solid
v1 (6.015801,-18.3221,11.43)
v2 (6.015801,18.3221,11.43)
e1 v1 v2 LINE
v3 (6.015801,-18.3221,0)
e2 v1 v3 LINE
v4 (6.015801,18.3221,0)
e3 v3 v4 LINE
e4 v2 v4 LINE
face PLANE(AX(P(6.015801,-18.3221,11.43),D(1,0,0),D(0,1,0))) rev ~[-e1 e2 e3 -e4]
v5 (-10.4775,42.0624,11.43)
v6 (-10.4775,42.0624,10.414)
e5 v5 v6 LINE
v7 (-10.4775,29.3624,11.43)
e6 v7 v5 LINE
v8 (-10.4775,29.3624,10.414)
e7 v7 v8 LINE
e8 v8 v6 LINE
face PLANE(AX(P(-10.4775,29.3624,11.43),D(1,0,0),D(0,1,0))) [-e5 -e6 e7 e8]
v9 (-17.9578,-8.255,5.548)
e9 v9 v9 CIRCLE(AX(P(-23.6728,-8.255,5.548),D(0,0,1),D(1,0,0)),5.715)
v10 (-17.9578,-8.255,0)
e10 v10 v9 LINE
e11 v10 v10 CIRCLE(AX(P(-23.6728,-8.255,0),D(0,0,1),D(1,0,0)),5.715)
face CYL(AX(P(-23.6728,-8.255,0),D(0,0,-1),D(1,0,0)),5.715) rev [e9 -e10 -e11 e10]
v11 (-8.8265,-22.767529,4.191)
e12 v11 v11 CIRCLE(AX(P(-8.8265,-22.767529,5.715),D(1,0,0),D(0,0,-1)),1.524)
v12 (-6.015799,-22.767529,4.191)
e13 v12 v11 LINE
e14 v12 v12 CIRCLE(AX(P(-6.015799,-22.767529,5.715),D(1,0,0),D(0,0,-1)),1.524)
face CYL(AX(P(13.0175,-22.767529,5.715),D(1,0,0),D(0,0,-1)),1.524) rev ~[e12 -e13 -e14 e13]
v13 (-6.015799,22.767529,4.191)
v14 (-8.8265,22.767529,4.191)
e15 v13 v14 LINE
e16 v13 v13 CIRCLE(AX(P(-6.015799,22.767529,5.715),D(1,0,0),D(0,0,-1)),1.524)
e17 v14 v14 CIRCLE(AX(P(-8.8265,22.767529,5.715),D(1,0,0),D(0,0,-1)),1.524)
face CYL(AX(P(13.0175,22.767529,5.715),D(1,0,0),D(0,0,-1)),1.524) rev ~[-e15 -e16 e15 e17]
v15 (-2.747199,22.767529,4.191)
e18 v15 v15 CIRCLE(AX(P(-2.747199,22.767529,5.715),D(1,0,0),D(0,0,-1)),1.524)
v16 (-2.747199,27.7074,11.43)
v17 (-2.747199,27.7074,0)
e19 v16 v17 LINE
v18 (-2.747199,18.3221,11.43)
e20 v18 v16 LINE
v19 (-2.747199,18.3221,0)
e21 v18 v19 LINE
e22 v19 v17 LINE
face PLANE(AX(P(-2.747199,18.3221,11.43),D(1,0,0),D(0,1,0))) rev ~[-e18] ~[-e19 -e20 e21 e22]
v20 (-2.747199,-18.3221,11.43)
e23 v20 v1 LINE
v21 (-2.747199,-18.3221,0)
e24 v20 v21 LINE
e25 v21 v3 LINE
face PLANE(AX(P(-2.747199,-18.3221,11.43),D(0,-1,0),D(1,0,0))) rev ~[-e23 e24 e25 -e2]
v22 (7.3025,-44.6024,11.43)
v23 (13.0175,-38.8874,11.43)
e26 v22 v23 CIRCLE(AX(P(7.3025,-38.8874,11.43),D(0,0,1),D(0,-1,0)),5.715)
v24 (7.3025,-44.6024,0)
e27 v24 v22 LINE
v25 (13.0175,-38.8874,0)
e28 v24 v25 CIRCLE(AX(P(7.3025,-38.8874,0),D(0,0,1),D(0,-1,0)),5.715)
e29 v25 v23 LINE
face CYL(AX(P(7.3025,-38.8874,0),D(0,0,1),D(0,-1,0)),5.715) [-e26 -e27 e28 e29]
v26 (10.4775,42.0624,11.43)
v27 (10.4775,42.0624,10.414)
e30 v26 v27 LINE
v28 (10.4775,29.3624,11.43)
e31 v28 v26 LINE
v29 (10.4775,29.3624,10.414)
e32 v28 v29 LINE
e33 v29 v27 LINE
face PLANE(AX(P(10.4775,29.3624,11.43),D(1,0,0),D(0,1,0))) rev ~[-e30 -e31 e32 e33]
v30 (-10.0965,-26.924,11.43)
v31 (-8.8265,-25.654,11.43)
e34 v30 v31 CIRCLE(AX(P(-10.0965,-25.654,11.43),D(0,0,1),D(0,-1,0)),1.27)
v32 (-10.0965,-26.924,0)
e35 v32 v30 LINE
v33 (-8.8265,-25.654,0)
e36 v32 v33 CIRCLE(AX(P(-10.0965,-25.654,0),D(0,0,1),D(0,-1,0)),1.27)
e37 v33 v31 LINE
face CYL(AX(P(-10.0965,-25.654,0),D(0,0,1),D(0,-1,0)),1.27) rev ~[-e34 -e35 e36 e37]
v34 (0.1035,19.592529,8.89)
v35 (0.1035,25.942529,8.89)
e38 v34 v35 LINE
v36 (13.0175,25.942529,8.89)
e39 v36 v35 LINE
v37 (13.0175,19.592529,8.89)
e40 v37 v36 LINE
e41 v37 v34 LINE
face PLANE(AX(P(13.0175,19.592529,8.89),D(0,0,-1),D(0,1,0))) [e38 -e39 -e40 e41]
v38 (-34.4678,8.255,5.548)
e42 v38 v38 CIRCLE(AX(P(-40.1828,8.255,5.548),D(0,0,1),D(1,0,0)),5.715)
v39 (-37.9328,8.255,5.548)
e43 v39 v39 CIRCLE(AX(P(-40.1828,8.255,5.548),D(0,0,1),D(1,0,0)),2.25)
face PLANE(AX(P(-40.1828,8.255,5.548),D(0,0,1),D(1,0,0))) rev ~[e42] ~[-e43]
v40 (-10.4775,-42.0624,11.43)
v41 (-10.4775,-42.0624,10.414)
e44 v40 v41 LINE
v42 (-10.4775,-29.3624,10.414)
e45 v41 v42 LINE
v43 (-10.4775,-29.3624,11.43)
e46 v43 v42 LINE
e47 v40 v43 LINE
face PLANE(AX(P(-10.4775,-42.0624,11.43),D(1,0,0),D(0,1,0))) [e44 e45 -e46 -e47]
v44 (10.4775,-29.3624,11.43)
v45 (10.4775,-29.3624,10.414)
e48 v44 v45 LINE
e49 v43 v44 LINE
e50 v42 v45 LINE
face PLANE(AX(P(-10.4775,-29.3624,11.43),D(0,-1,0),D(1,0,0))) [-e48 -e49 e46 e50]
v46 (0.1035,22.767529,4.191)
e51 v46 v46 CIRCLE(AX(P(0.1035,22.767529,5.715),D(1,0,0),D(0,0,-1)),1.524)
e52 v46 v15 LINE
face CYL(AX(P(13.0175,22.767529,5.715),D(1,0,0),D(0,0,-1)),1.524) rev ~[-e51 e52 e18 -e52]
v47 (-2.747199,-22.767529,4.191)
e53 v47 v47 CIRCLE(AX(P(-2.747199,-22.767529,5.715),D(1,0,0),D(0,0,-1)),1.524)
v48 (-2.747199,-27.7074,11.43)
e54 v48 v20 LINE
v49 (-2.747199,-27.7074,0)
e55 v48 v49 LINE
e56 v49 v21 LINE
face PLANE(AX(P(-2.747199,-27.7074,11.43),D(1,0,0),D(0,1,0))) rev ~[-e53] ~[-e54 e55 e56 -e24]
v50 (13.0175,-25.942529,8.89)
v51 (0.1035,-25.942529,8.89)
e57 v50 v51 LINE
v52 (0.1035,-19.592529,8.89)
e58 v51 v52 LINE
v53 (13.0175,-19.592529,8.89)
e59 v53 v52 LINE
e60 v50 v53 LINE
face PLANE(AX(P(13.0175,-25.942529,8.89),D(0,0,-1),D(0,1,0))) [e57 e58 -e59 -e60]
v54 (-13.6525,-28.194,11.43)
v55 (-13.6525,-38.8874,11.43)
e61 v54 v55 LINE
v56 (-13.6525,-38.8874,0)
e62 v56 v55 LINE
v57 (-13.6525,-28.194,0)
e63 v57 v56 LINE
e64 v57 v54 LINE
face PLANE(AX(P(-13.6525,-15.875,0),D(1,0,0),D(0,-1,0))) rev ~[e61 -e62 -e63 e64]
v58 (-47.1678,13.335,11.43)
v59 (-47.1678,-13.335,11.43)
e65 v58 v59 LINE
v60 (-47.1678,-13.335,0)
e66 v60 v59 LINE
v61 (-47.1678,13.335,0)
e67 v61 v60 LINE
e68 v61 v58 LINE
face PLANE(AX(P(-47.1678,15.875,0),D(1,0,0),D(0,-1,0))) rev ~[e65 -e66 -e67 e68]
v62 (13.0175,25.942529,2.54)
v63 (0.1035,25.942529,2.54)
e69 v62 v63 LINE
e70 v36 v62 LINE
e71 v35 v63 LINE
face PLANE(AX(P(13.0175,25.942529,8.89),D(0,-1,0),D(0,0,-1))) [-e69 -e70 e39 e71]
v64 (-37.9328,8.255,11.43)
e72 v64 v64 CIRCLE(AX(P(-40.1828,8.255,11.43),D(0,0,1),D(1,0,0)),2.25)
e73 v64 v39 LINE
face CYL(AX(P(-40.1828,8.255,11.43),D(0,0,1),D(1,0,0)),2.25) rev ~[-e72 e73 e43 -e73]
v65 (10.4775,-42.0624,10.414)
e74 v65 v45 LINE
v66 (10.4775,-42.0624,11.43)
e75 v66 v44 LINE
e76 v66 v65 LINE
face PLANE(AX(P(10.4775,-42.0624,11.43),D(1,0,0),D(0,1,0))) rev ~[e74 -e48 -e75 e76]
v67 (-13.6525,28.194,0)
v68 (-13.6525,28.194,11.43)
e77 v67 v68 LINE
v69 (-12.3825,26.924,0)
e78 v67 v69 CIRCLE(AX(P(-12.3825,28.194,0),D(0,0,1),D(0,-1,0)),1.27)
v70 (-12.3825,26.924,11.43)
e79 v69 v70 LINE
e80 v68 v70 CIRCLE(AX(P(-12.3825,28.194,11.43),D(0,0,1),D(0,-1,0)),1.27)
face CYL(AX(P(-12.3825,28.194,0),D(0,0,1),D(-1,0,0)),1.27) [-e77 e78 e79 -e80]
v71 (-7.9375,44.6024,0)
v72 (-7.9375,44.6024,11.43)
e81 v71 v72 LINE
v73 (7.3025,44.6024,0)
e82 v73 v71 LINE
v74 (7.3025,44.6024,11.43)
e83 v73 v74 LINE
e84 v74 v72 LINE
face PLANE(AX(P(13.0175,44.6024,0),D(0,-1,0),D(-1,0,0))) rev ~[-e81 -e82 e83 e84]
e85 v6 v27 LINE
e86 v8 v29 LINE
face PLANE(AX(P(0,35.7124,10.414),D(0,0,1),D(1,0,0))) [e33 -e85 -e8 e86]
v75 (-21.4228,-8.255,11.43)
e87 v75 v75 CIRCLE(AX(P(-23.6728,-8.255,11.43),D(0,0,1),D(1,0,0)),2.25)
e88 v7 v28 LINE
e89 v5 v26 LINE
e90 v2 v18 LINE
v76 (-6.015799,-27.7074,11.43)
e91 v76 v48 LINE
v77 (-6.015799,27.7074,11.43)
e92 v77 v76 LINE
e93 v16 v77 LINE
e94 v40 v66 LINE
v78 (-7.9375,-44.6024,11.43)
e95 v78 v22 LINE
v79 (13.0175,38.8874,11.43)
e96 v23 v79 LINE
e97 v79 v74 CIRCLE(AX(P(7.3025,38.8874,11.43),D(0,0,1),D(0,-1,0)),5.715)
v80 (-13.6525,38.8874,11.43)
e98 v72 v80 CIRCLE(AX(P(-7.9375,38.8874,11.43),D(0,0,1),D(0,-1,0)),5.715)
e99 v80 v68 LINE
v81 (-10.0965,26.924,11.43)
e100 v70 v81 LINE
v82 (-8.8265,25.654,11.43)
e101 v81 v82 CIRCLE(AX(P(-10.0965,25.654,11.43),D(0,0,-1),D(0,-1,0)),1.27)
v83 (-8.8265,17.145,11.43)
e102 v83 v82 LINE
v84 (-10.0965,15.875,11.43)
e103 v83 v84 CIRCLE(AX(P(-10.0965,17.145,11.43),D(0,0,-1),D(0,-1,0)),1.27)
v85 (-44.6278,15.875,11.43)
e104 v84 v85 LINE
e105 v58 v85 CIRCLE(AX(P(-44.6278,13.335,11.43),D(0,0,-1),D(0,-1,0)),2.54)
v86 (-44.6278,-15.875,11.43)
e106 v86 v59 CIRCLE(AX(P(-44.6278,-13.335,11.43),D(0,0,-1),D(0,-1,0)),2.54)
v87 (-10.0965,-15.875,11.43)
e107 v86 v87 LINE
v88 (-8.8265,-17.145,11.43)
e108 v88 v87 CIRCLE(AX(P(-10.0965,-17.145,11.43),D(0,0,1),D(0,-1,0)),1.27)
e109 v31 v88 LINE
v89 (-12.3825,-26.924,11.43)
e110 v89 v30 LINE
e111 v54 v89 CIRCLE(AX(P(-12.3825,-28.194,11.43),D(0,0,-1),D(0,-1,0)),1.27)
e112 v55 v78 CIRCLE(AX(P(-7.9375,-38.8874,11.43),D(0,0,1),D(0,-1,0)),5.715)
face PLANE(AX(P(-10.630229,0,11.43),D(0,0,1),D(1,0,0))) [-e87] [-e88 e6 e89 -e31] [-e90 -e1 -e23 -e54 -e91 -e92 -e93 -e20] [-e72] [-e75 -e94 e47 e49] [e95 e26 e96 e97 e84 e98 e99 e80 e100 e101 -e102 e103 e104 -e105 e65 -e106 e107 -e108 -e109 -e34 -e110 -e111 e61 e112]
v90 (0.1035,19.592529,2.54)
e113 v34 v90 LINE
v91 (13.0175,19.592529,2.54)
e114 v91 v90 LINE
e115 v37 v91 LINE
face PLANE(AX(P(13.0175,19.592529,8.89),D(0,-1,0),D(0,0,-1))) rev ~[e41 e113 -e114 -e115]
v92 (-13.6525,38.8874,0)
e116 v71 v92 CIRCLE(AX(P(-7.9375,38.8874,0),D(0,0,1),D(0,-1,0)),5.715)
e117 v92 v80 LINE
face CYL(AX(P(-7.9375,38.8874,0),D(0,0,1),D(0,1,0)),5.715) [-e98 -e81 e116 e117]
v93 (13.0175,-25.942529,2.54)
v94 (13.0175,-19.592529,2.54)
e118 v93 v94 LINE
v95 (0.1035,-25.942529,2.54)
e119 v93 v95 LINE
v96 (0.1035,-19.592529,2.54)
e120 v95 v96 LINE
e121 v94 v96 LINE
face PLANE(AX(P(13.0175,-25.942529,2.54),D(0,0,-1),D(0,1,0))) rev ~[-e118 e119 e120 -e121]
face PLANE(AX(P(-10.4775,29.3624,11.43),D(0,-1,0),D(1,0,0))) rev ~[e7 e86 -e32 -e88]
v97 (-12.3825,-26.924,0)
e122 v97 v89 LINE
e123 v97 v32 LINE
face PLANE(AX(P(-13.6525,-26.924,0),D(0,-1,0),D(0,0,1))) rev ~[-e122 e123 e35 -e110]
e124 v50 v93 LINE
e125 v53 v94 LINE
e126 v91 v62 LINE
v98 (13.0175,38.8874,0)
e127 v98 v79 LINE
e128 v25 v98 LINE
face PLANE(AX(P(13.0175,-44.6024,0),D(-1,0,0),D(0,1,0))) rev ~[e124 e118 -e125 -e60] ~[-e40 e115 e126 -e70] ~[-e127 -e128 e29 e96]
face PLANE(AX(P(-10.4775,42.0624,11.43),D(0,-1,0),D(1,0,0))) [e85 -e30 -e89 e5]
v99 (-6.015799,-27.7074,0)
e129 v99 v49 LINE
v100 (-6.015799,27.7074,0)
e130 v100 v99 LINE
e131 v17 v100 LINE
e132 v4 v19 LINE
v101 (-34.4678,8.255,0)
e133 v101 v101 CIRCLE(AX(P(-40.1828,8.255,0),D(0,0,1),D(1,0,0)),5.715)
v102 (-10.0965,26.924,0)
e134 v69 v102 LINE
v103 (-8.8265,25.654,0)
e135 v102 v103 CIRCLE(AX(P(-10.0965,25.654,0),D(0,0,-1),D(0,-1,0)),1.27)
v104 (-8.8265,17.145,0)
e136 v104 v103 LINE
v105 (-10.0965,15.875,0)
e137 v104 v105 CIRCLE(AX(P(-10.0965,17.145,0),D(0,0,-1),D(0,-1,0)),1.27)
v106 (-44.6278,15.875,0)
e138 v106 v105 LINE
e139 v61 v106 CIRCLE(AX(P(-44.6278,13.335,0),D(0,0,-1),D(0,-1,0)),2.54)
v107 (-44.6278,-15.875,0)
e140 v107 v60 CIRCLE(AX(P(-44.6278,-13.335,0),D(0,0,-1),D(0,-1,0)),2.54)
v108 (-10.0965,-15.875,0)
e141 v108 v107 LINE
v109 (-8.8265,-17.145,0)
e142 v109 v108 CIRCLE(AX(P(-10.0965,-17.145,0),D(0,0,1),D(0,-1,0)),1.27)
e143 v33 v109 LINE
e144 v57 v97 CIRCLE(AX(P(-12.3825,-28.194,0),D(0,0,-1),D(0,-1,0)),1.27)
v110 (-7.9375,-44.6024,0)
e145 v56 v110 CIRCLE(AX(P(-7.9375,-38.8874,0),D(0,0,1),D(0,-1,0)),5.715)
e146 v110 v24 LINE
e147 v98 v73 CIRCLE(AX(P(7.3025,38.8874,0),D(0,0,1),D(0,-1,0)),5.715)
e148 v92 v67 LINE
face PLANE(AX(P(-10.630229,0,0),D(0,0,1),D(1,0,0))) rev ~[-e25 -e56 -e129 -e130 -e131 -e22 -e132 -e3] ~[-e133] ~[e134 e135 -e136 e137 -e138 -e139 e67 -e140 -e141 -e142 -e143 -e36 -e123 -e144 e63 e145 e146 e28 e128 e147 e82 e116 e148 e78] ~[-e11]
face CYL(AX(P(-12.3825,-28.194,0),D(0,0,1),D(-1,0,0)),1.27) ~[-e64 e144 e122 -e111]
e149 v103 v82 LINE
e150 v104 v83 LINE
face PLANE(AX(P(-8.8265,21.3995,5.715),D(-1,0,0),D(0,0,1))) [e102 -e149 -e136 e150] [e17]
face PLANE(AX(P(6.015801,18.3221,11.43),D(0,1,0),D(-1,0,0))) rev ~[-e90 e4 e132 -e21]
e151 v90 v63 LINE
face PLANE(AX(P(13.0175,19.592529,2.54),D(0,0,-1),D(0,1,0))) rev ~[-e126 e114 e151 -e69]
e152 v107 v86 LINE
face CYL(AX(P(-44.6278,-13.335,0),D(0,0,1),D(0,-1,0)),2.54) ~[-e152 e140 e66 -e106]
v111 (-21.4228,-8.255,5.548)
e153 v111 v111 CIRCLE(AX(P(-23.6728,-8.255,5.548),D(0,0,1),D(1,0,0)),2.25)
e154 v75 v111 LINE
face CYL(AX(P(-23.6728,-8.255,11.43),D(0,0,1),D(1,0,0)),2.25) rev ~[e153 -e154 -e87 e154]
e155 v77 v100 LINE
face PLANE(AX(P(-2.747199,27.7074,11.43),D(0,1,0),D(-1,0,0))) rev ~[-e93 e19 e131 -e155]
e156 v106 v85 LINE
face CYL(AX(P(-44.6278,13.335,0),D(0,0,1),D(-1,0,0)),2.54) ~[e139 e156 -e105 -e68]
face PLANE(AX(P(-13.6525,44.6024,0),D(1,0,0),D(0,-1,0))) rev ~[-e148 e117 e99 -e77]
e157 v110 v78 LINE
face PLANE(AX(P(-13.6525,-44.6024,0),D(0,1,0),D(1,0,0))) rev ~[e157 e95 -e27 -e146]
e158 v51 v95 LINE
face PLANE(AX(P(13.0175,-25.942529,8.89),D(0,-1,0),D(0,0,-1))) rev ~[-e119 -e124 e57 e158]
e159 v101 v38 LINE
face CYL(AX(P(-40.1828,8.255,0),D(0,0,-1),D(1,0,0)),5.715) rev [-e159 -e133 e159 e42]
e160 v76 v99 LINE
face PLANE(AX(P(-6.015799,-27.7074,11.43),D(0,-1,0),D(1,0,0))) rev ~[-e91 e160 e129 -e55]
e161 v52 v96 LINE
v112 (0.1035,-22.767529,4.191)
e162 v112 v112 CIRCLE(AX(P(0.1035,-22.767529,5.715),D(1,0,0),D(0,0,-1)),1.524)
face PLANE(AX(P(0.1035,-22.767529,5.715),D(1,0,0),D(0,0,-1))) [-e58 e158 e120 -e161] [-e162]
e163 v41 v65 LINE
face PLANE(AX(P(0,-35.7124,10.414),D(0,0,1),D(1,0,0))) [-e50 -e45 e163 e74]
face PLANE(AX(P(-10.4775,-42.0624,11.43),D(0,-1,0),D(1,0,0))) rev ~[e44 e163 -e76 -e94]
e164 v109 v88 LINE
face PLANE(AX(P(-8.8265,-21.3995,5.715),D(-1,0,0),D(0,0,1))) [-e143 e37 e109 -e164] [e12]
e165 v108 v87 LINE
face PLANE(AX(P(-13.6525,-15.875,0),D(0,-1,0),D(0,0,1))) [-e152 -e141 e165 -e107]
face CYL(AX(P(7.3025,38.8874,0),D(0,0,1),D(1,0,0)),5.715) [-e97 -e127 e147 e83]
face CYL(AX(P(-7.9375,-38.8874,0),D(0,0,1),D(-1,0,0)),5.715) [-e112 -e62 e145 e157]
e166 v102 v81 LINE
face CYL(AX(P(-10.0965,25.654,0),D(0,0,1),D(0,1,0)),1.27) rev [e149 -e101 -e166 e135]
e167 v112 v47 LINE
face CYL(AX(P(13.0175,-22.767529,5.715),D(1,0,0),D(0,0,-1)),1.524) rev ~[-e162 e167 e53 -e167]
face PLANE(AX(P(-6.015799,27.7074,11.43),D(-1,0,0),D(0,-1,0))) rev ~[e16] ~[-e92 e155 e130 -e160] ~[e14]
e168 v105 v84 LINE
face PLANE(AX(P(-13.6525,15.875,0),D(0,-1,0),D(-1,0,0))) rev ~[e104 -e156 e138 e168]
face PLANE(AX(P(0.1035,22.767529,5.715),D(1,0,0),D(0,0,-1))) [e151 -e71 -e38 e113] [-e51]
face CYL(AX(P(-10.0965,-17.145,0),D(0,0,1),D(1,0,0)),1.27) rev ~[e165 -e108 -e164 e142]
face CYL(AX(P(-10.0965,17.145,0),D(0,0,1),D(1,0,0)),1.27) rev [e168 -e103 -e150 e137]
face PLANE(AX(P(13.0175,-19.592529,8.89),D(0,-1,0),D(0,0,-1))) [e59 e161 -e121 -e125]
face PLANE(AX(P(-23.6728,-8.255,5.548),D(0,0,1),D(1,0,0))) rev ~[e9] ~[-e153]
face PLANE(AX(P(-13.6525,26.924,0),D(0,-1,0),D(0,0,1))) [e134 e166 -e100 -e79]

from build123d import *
from OCP.BRepAlgoAPI import BRepAlgoAPI_Cut
from OCP.TopTools import TopTools_ListOfShape

# Parameters (mm, degrees)
BOSS_EXTRUDE2_DEPTH = 11.43
SKETCH4_W           = 20.955
SKETCH4_H           = 12.7
CUT_EXTRUDE2_DEPTH  = 1.016
SKETCH5_R           = 2.25
CUT_EXTRUDE3_DEPTH  = 66.915251214
SKETCH6_R           = 1.524
CUT_EXTRUDE4_DEPTH  = 76.777894678
SKETCH7_W           = 11.43
SKETCH7_H           = 11.049
CUT_EXTRUDE5_DEPTH  = 4.826
SKETCH8_W           = 6.35
SKETCH8_H           = 6.35
CUT_EXTRUDE6_DEPTH  = 12.914
SKETCH9_R           = 5.715
CUT_EXTRUDE7_DEPTH  = 5.548
CUT_EXTRUDE8_DEPTH  = 66.915251214
FILLET1_R           = 1.27
FILLET2_R           = 2.54
FILLET3_R           = 5.715


with BuildPart() as part:
    # Sketch1 → Boss-Extrude2 (new body)
    with BuildSketch(Plane.XY):
        Polygon((13.0175, 0), (13.0175, 44.6024), (-13.6525, 44.6024), (-13.6525, 15.875), (-47.1678, 15.875), (-47.1678, 0), (-47.1678, -15.875), (-13.6525, -15.875), (-13.6525, -44.6024), (13.0175, -44.6024), align=None)
        Polygon((-5.7658, 27.4574), (-5.7658, -27.4574), (-2.997199182, -27.4574), (-2.997199182, -18.0721), (5.7658, -18.0721), (5.7658, 18.0721), (-2.997199182, 18.0721), (-2.997199182, 27.4574), align=None, mode=Mode.SUBTRACT)
    extrude(amount=BOSS_EXTRUDE2_DEPTH)

    # Sketch4 → Cut-Extrude2 (cut)
    with BuildSketch(Plane.XY.offset(11.43)):
        with Locations((0, 35.7124)):
            Rectangle(SKETCH4_W, SKETCH4_H)
        with Locations((0, -35.7124)):
            Rectangle(SKETCH4_W, SKETCH4_H)
    extrude(amount=-CUT_EXTRUDE2_DEPTH, mode=Mode.SUBTRACT)

    # Sketch5 → Cut-Extrude3 (cut, through all)
    with BuildSketch(Plane.XY.offset(11.43)):
        with Locations((-40.1828, 8.255)):
            Circle(SKETCH5_R)
        with Locations((-23.6728, -8.255)):
            Circle(SKETCH5_R)
    extrude(amount=-CUT_EXTRUDE3_DEPTH, mode=Mode.SUBTRACT)

    # Sketch6 → Cut-Extrude4 (cut, through all)
    with BuildSketch(Plane(origin=(13.0175, 0, 0), x_dir=(0, 0, -1), z_dir=(1, 0, 0))):
        with Locations((-5.715, 22.767528581)):
            Circle(SKETCH6_R)
        with Locations((-5.715, -22.767528581)):
            Circle(SKETCH6_R)
    extrude(amount=-CUT_EXTRUDE4_DEPTH, mode=Mode.SUBTRACT)

    # Sketch7 → Cut-Extrude5 (cut)
    with BuildSketch(Plane.ZY.offset(13.6525)):
        with Locations((5.715, 21.3995)):
            Rectangle(SKETCH7_W, SKETCH7_H)
        with Locations((5.715, -21.3995)):
            Rectangle(SKETCH7_W, SKETCH7_H)
    extrude(amount=-CUT_EXTRUDE5_DEPTH, mode=Mode.SUBTRACT)

    # Sketch8 → Cut-Extrude6 (cut)
    with BuildSketch(Plane(origin=(13.0175, 0, 0), x_dir=(0, 0, -1), z_dir=(1, 0, 0))):
        with Locations((-5.715, -22.767528581)):
            Rectangle(SKETCH8_W, SKETCH8_H)
        with Locations((-5.715, 22.767528581)):
            Rectangle(SKETCH8_W, SKETCH8_H)
    extrude(amount=-CUT_EXTRUDE6_DEPTH, mode=Mode.SUBTRACT)

    # Sketch9 → Cut-Extrude7 (cut)
    with BuildSketch(Plane.XY):
        with Locations((-40.1828, 8.255)):
            Circle(SKETCH9_R)
        with Locations((-23.6728, -8.255)):
            Circle(SKETCH9_R)
    extrude(amount=CUT_EXTRUDE7_DEPTH, mode=Mode.SUBTRACT)


with BuildPart() as cut_extrude8_tool:
    # Sketch10 → Cut-Extrude8 (new, through all)
    with BuildSketch(Plane.XY.offset(11.43)):
        Polygon((-2.747199182, 27.7074), (-6.015799182, 27.7074), (-6.015799182, -27.7074), (-2.747199182, -27.7074), (-2.747199182, -18.3221), (6.015800818, -18.3221), (6.015800818, 18.3221), (-2.747199182, 18.3221), align=None)
        Polygon((-2.997199182, 27.4574), (-5.765799182, 27.4574), (-5.765799182, -27.4574), (-2.997199182, -27.4574), (-2.997199182, -18.0721), (5.7658, -18.0721), (5.765800818, 18.0721), (-2.997199182, 18.0721), align=None, mode=Mode.SUBTRACT)
    extrude(amount=-CUT_EXTRUDE8_DEPTH)


with BuildPart() as part_1:
    add(part.part)

    # Cut-Extrude8: cut by cut_extrude8_tool, with a tolerance
    cut_extrude8_stock = TopTools_ListOfShape()
    cut_extrude8_stock.Append(part_1.part.wrapped)
    cut_extrude8_tools = TopTools_ListOfShape()
    cut_extrude8_tools.Append(cut_extrude8_tool.part.wrapped)
    cut_extrude8_cut = BRepAlgoAPI_Cut()
    cut_extrude8_cut.SetArguments(cut_extrude8_stock)
    cut_extrude8_cut.SetTools(cut_extrude8_tools)
    cut_extrude8_cut.SetFuzzyValue(0.00001)
    cut_extrude8_cut.Build()
    add(Compound.cast(cut_extrude8_cut.Shape()).solids(), mode=Mode.REPLACE)

    # Fillet1
    fillet1_edges = [part_1.edges().sort_by_distance(p)[0] for p in [
        (-13.6525, 26.924, 5.715),
        (-13.6525, -26.924, 5.715),
        (-8.8265, -26.924, 5.715),
        (-8.8265, -15.875, 5.715),
        (-8.8265, 15.875, 5.715),
        (-8.8265, 26.924, 5.715),
    ]]
    fillet(fillet1_edges, radius=FILLET1_R)

    # Fillet2
    fillet2_edges = [part_1.edges().sort_by_distance(p)[0] for p in [
        (-47.1678, -15.875, 5.715),
        (-47.1678, 15.875, 5.715),
    ]]
    fillet(fillet2_edges, radius=FILLET2_R)

    # Fillet3
    fillet3_edges = [part_1.edges().sort_by_distance(p)[0] for p in [
        (-13.6525, -44.6024, 5.715),
        (13.0175, -44.6024, 5.715),
        (13.0175, 44.6024, 5.715),
        (-13.6525, 44.6024, 5.715),
    ]]
    fillet(fillet3_edges, radius=FILLET3_R)


solid = part_1.part
